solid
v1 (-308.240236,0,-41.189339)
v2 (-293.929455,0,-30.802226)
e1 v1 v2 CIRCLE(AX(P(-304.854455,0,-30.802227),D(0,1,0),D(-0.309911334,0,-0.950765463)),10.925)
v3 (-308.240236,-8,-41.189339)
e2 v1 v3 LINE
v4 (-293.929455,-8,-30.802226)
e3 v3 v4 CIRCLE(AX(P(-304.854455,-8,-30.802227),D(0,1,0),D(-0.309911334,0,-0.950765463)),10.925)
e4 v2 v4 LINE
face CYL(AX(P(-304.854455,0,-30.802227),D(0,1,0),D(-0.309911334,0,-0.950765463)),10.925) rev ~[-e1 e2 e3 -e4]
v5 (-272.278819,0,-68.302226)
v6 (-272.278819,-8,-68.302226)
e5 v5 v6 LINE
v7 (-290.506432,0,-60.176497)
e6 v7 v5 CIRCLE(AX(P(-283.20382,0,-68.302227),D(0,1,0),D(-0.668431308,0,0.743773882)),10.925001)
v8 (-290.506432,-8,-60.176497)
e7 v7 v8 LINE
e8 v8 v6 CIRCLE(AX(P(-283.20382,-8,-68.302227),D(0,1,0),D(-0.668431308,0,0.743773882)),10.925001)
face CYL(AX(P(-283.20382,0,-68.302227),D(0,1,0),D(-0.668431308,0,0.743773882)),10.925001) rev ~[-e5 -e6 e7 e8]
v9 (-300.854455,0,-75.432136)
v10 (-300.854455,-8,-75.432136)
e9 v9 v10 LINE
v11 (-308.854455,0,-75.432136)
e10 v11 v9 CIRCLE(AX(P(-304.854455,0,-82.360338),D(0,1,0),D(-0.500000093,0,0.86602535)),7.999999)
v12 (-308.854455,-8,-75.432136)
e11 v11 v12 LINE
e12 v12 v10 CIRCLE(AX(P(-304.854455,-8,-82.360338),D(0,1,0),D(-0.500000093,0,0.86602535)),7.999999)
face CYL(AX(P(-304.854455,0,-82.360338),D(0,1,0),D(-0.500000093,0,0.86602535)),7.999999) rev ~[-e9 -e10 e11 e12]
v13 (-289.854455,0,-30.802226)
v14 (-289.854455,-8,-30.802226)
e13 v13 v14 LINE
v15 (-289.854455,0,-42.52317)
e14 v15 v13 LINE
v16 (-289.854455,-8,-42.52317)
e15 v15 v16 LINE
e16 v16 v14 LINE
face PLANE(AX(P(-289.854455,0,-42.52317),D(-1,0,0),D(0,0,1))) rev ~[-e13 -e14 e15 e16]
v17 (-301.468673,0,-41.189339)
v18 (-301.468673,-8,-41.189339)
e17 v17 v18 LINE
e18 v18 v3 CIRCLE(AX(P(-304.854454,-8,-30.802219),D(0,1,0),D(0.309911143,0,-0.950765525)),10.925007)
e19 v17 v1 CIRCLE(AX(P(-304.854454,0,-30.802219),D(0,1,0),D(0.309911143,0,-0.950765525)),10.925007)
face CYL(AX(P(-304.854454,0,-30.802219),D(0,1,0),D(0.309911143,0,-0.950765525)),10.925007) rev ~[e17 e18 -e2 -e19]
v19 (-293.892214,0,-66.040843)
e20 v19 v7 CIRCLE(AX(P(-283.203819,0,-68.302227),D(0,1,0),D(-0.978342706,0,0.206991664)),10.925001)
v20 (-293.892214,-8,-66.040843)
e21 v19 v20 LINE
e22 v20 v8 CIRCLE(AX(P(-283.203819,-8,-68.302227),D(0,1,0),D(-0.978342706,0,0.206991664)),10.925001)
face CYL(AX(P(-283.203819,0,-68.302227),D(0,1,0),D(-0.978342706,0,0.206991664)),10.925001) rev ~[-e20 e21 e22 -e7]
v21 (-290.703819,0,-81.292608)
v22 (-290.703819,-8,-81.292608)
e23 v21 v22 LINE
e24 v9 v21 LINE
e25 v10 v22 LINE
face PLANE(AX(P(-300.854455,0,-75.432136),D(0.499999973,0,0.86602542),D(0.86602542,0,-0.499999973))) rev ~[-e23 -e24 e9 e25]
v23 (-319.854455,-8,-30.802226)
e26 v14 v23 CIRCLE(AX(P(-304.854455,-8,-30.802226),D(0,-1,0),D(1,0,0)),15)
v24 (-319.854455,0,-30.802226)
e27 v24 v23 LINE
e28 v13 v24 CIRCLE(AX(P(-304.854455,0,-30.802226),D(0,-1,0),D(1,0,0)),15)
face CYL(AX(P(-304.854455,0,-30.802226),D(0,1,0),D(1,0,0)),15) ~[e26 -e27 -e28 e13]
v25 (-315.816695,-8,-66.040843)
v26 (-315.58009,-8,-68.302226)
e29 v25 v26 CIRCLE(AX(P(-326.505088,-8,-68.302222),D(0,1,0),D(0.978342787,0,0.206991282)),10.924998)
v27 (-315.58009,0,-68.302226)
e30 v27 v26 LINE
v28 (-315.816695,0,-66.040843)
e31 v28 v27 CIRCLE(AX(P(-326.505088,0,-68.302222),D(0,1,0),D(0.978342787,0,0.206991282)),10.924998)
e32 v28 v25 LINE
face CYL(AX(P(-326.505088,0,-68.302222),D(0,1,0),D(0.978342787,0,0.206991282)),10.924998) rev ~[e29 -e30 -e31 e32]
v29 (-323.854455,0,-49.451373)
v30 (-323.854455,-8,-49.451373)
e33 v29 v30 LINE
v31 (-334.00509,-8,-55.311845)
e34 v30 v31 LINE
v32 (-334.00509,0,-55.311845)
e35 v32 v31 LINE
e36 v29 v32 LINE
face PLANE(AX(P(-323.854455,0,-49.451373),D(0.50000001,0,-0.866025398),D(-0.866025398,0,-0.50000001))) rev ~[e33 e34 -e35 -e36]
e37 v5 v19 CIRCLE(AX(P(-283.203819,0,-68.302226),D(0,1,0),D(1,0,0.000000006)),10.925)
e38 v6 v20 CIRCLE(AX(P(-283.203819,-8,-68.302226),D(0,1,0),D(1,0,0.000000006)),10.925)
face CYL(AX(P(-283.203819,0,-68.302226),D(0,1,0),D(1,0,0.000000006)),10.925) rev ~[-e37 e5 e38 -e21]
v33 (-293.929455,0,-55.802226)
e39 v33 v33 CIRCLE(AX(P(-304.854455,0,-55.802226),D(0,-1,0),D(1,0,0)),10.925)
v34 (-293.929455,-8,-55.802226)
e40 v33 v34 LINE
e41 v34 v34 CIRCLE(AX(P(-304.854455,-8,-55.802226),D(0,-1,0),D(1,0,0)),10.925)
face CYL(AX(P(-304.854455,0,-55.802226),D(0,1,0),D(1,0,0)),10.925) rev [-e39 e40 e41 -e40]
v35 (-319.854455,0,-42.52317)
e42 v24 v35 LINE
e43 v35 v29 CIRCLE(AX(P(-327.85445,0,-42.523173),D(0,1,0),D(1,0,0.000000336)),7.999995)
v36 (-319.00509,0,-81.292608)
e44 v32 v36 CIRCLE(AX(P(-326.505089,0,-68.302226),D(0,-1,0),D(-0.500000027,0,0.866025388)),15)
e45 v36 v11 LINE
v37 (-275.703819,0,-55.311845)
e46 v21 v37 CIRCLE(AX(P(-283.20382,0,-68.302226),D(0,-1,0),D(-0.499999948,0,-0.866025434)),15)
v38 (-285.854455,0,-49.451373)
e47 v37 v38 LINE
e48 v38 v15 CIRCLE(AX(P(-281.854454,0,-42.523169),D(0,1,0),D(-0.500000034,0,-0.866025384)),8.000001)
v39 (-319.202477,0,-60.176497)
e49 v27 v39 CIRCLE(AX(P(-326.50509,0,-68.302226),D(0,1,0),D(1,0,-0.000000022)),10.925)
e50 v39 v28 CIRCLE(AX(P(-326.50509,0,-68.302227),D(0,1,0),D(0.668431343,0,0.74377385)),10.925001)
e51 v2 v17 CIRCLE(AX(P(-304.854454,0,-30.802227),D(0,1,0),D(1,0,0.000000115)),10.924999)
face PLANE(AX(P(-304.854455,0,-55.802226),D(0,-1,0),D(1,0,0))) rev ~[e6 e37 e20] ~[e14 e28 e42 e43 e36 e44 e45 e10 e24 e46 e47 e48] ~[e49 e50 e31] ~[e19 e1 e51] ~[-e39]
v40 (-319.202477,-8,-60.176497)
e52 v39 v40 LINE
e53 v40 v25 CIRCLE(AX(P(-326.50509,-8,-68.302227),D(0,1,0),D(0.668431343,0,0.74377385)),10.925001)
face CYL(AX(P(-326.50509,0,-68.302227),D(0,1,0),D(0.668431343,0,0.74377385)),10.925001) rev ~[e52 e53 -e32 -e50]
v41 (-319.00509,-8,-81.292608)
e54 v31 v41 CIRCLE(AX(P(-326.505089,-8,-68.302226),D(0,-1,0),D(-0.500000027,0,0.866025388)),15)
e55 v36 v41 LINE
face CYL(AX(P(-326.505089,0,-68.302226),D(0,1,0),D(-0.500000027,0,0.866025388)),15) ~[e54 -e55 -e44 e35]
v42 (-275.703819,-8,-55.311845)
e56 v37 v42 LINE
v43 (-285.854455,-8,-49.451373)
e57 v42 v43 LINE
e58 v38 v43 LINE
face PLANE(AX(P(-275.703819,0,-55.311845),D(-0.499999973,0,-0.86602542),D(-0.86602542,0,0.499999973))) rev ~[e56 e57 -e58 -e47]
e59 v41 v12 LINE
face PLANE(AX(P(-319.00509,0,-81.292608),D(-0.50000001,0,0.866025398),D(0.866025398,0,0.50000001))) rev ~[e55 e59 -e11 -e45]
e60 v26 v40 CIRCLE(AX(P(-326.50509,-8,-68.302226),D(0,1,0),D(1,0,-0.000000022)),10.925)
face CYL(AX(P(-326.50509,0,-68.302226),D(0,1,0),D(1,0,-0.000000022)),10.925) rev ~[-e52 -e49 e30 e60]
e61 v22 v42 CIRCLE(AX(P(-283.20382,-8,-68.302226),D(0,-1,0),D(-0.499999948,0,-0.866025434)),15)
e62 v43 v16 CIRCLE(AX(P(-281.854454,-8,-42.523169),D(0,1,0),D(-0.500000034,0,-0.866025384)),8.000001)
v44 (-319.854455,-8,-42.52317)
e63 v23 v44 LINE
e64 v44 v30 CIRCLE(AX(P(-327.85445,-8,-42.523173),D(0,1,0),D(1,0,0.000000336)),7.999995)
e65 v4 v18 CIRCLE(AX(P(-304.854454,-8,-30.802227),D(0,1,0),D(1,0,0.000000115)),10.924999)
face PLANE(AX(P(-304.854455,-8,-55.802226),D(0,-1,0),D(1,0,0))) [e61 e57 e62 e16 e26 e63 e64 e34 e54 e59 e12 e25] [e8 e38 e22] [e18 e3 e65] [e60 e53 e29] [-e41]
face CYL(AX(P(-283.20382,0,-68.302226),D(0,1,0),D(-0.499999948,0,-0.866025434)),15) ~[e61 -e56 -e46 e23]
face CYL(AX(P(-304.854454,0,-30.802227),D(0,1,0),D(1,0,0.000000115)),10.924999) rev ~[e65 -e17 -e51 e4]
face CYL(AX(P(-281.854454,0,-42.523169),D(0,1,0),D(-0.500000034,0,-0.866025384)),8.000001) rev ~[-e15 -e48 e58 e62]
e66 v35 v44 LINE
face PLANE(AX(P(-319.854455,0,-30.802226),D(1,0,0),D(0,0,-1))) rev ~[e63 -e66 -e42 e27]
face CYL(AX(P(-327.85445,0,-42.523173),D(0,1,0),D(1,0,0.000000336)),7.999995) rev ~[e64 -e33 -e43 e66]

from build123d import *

# Parameters (mm, degrees)
F0_R     = 10.925
F1_DEPTH = 8


with BuildPart() as f1:
    # F0 (on Front) → F1 (new body)
    with BuildSketch(Plane.XZ):
        with BuildLine():
            ThreePointArc((-289.854455, -30.802226), (-304.854455, -15.802226), (-319.854455, -30.802226))
            Line((-319.854455, -30.802226), (-319.854455, -42.52317))
            ThreePointArc((-319.854455, -42.52317), (-320.926251, -46.52317), (-323.854455, -49.451373))
            Line((-323.854455, -49.451373), (-334.00509, -55.311845))
            ThreePointArc((-334.00509, -55.311845), (-339.495471, -75.802226), (-319.00509, -81.292608))
            Line((-319.00509, -81.292608), (-308.854455, -75.432136))
            ThreePointArc((-308.854455, -75.432136), (-304.854455, -74.360339), (-300.854455, -75.432136))
            Line((-300.854455, -75.432136), (-290.703819, -81.292608))
            ThreePointArc((-290.703819, -81.292608), (-270.213438, -75.802226), (-275.703819, -55.311845))
            Line((-275.703819, -55.311845), (-285.854455, -49.451373))
            ThreePointArc((-285.854455, -49.451373), (-288.782658, -46.52317), (-289.854455, -42.52317))
            Line((-289.854455, -42.52317), (-289.854455, -30.802226))
        make_face()
        with BuildLine():
            ThreePointArc((-308.240236, -41.189339), (-311.271851, -21.960697), (-293.929455, -30.802226))
            ThreePointArc((-293.929455, -30.802226), (-296.012925, -37.219623), (-301.468673, -41.189339))
            ThreePointArc((-301.468673, -41.189339), (-299.351438, -41.84813), (-297.354455, -42.811845))
            ThreePointArc((-297.354455, -42.811845), (-291.864074, -48.302226), (-289.854455, -55.802226))
            ThreePointArc((-289.854455, -55.802226), (-290.018344, -58.013522), (-290.506432, -60.176497))
            ThreePointArc((-290.506432, -60.176497), (-278.755529, -58.323833), (-272.278819, -68.302226))
            ThreePointArc((-272.278819, -68.302226), (-284.340683, -79.167914), (-293.892214, -66.040843))
            ThreePointArc((-293.892214, -66.040843), (-295.521361, -67.545027), (-297.354455, -68.792608))
            ThreePointArc((-297.354455, -68.792608), (-304.854455, -70.802226), (-312.354455, -68.792608))
            ThreePointArc((-312.354455, -68.792608), (-314.187548, -67.545027), (-315.816695, -66.040843))
            ThreePointArc((-315.816695, -66.040843), (-315.639402, -67.165363), (-315.58009, -68.302226))
            ThreePointArc((-315.58009, -68.302226), (-336.483483, -72.750517), (-319.202477, -60.176497))
            ThreePointArc((-319.202477, -60.176497), (-319.690565, -58.013522), (-319.854455, -55.802226))
            ThreePointArc((-319.854455, -55.802226), (-317.844836, -48.302226), (-312.354455, -42.811845))
            ThreePointArc((-312.354455, -42.811845), (-310.357471, -41.84813), (-308.240236, -41.189339))
        make_face(mode=Mode.SUBTRACT)
        with BuildLine():
            ThreePointArc((-301.468673, -41.189339), (-304.854455, -41.727226), (-308.240236, -41.189339))
            ThreePointArc((-308.240236, -41.189339), (-310.357471, -41.84813), (-312.354455, -42.811845))
            ThreePointArc((-312.354455, -42.811845), (-317.844836, -48.302226), (-319.854455, -55.802226))
            ThreePointArc((-319.854455, -55.802226), (-319.690565, -58.013522), (-319.202477, -60.176497))
            ThreePointArc((-319.202477, -60.176497), (-317.043762, -62.839726), (-315.816695, -66.040843))
            ThreePointArc((-315.816695, -66.040843), (-314.187548, -67.545027), (-312.354455, -68.792608))
            ThreePointArc((-312.354455, -68.792608), (-304.854455, -70.802226), (-297.354455, -68.792608))
            ThreePointArc((-297.354455, -68.792608), (-295.521361, -67.545027), (-293.892214, -66.040843))
            ThreePointArc((-293.892214, -66.040843), (-292.665147, -62.839726), (-290.506432, -60.176497))
            ThreePointArc((-290.506432, -60.176497), (-290.018344, -58.013522), (-289.854455, -55.802226))
            ThreePointArc((-289.854455, -55.802226), (-291.864074, -48.302226), (-297.354455, -42.811845))
            ThreePointArc((-297.354455, -42.811845), (-299.351438, -41.84813), (-301.468673, -41.189339))
        make_face()
        with Locations((-304.854455, -55.802226)):
            Circle(F0_R, mode=Mode.SUBTRACT)
    extrude(amount=F1_DEPTH)


solid = f1.part
